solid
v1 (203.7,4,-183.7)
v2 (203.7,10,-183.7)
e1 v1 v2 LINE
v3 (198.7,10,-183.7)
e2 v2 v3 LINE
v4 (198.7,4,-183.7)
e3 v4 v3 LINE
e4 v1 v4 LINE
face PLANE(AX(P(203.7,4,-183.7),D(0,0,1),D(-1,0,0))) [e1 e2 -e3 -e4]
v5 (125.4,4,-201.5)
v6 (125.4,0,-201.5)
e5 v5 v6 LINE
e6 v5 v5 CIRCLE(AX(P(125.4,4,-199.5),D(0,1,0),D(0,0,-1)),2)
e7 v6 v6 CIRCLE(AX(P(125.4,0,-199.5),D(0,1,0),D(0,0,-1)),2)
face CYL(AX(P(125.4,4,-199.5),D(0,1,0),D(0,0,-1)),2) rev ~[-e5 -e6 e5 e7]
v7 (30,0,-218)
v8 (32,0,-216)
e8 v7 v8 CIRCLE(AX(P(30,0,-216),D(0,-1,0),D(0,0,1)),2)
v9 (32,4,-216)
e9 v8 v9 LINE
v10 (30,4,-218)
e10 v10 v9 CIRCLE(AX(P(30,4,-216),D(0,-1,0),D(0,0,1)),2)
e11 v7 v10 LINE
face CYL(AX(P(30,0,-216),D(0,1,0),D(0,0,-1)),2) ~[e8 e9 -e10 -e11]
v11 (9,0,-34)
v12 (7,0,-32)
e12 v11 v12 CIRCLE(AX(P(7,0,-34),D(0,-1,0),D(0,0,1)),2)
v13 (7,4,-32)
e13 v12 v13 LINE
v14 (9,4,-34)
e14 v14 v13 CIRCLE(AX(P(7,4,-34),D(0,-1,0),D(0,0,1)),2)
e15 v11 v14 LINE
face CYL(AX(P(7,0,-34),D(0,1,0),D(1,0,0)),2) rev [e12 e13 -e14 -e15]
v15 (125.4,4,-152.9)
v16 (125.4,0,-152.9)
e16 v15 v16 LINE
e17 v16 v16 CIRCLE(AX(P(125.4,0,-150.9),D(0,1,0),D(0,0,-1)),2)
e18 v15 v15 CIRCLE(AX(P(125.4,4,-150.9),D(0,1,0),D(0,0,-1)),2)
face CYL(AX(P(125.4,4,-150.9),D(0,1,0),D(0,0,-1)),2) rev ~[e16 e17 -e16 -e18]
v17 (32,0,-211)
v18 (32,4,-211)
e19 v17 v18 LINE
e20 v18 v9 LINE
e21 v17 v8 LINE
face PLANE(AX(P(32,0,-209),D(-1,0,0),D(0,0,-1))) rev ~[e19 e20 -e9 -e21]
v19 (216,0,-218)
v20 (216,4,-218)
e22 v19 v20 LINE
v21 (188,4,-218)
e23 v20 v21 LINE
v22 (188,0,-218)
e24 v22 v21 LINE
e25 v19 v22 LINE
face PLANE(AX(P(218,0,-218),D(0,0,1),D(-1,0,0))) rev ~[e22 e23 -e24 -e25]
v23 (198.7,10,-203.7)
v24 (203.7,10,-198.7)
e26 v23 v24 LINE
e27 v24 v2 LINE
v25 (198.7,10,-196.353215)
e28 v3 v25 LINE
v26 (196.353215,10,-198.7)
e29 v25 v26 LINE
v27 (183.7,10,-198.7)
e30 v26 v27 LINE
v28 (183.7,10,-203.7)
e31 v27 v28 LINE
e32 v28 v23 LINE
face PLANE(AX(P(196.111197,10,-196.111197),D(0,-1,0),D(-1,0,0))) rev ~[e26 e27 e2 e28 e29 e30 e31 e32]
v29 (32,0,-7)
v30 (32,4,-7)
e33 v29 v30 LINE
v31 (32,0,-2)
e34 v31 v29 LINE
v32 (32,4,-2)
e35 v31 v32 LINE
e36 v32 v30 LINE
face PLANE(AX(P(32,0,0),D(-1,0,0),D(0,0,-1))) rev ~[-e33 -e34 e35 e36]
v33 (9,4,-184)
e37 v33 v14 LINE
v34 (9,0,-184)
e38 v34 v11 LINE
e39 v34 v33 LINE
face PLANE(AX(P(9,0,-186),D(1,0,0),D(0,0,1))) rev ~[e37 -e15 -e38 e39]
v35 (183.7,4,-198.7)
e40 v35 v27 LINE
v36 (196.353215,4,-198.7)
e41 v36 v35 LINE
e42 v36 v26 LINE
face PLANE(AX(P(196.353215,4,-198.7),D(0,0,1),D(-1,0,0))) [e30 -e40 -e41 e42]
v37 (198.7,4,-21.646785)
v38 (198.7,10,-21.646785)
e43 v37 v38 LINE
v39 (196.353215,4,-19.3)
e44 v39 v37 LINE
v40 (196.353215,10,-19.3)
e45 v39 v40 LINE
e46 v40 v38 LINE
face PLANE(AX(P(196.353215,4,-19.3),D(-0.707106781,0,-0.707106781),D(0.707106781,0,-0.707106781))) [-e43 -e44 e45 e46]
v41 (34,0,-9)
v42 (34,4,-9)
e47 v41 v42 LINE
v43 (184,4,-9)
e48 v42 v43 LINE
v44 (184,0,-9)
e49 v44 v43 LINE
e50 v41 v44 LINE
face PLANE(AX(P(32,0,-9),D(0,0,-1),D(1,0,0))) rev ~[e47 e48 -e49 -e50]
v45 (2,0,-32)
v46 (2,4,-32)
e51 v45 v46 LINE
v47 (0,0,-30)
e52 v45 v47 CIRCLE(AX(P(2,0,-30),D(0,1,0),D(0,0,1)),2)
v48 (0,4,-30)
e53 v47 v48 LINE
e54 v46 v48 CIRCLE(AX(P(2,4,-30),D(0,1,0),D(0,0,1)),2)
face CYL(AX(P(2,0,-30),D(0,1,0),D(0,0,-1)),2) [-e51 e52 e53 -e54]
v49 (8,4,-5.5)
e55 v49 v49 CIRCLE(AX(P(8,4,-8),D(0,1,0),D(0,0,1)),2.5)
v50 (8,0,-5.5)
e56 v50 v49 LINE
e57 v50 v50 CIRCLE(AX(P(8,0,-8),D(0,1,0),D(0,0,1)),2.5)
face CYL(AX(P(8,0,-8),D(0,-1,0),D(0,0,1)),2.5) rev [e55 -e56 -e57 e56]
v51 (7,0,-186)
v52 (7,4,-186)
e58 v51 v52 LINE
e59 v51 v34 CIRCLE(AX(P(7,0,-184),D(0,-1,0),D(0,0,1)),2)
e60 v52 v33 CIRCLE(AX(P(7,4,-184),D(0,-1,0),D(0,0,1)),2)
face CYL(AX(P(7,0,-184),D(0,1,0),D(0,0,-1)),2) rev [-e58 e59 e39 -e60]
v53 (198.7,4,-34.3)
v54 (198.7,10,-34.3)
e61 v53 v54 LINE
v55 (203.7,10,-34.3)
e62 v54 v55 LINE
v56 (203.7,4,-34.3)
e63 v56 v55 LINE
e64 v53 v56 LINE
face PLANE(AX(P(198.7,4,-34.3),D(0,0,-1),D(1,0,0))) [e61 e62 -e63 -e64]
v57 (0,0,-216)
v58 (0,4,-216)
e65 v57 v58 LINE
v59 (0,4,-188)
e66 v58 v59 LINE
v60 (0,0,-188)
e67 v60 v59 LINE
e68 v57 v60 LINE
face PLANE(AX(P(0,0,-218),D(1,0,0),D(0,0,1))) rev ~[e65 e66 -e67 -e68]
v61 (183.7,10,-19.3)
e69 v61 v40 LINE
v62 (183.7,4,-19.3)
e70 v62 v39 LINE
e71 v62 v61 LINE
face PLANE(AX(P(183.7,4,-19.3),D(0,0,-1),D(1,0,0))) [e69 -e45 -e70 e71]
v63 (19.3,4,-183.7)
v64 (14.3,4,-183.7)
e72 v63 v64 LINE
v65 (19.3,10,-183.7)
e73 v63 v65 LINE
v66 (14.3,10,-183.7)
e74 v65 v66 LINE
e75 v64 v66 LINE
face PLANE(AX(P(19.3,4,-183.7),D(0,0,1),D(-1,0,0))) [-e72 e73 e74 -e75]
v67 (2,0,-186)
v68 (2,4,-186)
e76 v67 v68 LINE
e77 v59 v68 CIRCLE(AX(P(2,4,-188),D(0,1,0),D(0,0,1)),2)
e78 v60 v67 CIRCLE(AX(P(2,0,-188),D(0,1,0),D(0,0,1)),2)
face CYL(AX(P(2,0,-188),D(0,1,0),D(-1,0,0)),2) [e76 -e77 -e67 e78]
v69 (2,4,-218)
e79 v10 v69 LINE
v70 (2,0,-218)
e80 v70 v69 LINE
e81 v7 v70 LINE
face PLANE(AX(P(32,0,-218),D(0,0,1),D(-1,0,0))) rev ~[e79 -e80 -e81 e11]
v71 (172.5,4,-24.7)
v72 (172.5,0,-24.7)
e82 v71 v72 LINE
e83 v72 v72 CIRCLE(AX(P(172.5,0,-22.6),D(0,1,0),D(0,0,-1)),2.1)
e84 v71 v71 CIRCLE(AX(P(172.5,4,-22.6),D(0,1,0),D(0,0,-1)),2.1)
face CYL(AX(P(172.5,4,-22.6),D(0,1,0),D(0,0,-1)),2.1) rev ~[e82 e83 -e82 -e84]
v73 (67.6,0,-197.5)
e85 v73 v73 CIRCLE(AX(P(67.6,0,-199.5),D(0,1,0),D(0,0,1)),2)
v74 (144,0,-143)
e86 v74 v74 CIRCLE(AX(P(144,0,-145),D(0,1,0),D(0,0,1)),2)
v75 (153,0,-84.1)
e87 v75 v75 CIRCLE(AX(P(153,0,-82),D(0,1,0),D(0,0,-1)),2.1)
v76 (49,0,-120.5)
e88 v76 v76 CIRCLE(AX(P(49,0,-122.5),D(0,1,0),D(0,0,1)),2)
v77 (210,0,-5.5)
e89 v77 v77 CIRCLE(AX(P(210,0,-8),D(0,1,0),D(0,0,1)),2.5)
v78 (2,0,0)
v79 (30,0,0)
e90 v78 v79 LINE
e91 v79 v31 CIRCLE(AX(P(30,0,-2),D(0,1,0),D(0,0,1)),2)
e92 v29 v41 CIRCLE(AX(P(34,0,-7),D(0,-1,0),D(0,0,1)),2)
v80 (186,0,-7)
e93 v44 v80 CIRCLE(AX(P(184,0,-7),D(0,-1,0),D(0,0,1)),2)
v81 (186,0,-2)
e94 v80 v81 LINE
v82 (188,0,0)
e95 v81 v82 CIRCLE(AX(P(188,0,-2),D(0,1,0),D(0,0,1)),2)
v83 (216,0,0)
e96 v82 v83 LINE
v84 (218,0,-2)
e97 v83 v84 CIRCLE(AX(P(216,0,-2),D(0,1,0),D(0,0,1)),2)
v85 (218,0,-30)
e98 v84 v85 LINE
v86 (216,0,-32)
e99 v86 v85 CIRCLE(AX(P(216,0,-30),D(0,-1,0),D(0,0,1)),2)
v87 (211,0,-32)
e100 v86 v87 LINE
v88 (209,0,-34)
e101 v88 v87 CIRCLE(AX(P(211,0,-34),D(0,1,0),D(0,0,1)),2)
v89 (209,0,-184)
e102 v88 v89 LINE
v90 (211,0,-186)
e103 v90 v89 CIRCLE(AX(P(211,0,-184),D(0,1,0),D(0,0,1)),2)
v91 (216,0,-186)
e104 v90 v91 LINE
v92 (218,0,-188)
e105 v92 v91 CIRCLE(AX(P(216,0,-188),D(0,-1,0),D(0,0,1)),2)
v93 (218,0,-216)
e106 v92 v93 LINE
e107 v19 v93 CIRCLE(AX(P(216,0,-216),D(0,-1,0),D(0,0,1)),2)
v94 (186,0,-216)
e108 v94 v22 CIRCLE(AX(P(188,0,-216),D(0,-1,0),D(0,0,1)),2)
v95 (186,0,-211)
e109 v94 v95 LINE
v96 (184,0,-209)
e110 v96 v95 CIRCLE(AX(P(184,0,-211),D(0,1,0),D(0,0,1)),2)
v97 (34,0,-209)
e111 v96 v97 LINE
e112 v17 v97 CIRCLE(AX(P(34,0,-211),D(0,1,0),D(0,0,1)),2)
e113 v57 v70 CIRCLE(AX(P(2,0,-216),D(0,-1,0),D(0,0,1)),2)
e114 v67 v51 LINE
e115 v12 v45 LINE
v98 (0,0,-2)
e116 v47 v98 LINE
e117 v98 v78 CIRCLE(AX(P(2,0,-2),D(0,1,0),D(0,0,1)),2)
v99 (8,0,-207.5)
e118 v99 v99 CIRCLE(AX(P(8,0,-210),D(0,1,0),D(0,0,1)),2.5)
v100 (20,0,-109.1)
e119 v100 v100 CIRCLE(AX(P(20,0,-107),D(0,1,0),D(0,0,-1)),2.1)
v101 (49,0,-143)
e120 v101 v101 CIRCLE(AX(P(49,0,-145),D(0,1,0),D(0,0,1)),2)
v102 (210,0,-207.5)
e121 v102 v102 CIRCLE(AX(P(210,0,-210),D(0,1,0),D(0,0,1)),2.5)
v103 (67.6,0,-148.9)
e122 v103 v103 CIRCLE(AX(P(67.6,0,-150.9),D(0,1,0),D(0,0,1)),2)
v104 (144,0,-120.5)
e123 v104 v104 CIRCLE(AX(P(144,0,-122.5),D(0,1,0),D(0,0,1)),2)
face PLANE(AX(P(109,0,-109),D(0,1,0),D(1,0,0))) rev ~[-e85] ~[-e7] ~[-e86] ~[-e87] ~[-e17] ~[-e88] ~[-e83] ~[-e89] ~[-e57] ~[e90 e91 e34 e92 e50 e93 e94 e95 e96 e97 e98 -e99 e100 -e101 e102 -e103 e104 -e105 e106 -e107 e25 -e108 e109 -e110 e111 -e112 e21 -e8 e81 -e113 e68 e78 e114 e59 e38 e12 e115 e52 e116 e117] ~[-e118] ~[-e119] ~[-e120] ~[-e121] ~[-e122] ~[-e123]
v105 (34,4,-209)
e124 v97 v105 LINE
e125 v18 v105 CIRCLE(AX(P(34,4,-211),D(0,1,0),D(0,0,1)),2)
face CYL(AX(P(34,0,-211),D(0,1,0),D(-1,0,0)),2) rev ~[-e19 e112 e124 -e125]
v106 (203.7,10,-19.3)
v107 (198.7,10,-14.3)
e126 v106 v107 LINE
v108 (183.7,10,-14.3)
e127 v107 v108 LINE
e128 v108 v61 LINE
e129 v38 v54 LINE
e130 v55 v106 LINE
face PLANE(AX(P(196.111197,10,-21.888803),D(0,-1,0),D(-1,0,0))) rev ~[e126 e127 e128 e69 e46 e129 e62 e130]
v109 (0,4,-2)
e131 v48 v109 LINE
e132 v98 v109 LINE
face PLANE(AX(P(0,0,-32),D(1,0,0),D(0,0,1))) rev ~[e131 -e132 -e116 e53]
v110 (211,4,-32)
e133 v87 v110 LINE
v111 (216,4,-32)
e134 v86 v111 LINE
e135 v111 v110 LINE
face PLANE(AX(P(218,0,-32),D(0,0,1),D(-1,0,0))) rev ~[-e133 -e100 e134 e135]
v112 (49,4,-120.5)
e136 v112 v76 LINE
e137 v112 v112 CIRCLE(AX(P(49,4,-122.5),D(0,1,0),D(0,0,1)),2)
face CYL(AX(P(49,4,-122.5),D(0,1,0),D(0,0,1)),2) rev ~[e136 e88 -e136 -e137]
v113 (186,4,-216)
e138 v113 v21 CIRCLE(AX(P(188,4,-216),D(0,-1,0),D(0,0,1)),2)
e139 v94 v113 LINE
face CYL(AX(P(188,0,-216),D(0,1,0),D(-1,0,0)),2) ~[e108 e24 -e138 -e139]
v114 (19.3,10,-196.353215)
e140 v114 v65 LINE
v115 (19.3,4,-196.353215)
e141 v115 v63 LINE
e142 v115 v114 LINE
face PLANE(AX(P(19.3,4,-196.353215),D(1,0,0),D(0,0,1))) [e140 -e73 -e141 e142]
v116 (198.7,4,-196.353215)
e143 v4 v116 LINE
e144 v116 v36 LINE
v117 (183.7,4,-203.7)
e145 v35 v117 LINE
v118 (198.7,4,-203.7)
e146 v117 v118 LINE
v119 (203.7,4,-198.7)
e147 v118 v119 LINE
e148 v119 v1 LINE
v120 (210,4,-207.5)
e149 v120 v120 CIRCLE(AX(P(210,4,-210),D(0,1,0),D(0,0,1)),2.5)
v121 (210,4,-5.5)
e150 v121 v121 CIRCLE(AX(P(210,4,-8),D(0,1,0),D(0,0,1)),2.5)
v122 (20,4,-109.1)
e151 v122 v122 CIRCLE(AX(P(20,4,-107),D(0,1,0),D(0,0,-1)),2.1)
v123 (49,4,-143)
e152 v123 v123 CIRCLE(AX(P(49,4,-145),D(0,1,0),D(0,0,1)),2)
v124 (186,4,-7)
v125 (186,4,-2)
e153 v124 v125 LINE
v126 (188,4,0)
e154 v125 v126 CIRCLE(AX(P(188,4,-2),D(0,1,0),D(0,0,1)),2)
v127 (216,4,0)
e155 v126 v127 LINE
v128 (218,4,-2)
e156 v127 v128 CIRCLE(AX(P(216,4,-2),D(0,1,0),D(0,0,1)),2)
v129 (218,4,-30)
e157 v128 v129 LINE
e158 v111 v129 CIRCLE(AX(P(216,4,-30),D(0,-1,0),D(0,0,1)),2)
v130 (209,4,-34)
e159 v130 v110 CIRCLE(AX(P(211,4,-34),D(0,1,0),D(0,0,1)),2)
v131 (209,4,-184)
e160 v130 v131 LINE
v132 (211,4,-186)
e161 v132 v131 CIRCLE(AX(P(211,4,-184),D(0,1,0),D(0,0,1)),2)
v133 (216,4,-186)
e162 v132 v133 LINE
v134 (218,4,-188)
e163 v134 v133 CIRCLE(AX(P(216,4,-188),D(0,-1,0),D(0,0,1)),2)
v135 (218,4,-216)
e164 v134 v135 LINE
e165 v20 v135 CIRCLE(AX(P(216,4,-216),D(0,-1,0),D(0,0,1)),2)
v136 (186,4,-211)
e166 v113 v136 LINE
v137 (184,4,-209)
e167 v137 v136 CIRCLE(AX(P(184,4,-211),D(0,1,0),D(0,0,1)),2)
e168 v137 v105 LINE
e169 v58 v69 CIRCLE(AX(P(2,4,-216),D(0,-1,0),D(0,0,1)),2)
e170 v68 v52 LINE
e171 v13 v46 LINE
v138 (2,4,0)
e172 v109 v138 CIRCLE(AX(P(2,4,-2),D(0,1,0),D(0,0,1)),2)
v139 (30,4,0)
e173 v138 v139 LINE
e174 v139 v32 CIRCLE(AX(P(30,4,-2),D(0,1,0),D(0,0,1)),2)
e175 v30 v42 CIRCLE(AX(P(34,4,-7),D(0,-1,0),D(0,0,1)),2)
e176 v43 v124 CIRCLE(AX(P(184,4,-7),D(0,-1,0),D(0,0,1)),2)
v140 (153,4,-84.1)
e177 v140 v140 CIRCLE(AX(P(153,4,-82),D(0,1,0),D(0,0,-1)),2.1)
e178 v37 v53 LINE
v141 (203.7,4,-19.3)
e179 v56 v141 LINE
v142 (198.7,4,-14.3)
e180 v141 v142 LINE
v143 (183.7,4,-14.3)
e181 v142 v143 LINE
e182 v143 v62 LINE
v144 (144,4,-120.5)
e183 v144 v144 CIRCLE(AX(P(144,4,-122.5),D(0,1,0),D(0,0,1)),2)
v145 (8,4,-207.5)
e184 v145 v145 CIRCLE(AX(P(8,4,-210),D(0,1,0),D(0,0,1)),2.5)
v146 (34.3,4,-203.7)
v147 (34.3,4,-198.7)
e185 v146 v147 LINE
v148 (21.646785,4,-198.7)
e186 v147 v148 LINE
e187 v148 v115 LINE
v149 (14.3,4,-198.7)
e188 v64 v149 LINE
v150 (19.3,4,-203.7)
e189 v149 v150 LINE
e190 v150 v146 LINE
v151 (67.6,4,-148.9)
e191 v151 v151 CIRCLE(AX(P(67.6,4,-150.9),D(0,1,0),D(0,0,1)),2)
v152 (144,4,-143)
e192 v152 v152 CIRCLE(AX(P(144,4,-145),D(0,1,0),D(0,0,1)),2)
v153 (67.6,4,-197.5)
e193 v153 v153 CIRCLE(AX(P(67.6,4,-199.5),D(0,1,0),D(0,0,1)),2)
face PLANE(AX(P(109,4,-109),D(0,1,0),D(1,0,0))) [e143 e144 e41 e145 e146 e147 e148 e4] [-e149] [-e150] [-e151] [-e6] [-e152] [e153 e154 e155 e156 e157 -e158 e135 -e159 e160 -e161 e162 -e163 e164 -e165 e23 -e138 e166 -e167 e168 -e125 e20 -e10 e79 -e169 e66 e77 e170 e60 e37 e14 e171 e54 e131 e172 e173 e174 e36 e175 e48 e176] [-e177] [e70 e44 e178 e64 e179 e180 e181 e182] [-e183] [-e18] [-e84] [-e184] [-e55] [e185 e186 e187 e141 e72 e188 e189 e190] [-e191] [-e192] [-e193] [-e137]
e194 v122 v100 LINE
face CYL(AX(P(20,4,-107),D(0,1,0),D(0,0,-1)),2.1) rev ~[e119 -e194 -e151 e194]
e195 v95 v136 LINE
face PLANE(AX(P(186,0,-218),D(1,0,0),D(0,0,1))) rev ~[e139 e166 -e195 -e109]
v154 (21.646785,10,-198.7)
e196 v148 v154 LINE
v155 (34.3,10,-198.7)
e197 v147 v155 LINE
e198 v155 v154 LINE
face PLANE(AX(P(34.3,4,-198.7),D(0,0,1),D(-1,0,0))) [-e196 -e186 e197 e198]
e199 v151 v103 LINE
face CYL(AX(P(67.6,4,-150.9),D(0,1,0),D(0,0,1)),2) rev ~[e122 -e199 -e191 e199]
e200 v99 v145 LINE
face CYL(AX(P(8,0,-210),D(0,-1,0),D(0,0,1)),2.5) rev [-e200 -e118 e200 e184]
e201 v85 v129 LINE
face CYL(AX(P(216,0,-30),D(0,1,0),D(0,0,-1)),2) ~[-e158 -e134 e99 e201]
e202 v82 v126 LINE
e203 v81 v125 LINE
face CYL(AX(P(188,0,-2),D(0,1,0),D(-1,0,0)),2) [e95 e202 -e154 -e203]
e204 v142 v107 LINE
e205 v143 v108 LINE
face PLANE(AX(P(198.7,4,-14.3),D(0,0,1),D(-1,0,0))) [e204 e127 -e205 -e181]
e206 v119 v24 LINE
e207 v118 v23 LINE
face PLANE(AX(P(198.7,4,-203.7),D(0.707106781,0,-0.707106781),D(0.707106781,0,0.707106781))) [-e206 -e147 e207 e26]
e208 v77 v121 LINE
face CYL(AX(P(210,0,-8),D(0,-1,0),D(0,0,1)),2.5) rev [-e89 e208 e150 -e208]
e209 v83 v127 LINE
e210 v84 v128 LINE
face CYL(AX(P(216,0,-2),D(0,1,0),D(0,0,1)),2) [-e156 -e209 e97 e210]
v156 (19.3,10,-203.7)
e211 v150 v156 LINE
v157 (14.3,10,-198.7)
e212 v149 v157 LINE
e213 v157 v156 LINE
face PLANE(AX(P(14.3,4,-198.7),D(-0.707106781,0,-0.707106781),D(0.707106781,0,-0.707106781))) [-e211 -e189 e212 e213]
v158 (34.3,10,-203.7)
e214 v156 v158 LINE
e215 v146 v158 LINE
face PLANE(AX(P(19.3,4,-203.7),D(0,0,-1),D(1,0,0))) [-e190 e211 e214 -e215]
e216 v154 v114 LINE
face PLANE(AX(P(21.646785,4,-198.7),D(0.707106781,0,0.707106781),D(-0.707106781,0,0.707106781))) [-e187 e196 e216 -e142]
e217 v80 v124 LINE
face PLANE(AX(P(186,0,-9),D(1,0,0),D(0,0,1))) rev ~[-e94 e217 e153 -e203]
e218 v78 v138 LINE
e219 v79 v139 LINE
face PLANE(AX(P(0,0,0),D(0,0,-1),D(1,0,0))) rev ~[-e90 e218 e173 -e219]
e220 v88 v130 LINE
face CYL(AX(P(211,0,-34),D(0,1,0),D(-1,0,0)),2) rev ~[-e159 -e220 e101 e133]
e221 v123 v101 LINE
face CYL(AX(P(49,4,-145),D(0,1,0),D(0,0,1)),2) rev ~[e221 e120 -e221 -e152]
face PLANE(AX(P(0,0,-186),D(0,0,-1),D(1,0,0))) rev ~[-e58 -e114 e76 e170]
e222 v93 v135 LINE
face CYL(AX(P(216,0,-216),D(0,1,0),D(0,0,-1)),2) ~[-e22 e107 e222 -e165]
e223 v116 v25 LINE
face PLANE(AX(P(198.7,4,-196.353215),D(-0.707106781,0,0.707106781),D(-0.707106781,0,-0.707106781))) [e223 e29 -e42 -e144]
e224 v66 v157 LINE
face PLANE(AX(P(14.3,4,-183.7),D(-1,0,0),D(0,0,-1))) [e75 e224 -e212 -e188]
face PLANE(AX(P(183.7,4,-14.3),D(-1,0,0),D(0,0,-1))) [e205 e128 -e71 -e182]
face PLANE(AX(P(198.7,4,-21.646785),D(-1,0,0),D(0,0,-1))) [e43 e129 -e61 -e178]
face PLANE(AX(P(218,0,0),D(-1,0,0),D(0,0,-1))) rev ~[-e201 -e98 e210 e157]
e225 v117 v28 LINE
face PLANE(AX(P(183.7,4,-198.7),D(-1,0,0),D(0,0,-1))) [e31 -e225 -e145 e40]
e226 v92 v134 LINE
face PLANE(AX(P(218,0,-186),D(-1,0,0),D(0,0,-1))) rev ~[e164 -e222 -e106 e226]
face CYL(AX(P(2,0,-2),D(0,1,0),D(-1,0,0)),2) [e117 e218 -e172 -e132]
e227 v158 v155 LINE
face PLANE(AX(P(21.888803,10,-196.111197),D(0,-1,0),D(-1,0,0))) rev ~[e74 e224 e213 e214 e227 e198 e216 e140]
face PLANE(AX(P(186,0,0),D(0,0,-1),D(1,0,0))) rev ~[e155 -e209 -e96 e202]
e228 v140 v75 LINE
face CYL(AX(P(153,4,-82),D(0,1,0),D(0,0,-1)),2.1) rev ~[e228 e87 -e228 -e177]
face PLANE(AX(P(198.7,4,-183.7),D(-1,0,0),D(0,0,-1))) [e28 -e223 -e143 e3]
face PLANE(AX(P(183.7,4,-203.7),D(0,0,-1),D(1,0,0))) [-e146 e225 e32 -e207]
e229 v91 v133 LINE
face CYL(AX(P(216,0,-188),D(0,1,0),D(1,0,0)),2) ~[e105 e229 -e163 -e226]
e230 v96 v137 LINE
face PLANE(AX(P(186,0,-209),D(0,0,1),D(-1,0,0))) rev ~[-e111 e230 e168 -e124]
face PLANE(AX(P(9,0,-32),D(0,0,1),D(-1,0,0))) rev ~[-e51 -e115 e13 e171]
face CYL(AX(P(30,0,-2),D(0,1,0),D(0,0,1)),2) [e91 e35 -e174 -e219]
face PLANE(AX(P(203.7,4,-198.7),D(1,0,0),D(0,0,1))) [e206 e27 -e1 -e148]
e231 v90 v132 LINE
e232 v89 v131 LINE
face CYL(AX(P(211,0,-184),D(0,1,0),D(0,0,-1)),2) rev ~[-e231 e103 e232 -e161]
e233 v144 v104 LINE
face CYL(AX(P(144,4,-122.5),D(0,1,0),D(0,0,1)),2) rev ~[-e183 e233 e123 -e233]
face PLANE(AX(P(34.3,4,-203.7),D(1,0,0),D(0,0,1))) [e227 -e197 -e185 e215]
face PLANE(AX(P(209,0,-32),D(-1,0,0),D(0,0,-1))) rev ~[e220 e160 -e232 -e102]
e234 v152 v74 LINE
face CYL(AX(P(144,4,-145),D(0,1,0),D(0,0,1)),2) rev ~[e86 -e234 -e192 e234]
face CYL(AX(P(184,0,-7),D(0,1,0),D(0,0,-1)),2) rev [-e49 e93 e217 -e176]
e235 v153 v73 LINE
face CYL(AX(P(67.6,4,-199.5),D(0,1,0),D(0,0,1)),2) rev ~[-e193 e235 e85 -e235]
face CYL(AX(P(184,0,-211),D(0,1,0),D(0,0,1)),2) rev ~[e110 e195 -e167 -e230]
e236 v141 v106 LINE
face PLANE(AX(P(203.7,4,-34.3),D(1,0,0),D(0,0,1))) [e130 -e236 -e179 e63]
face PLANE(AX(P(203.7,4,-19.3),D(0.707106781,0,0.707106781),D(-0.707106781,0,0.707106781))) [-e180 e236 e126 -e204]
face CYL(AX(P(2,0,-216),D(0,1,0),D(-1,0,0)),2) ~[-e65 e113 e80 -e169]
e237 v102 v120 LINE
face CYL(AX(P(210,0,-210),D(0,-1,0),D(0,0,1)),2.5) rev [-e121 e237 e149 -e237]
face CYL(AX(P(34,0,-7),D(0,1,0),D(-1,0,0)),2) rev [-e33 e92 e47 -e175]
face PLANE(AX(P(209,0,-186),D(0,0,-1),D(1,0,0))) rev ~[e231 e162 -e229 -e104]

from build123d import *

# Parameters (mm, degrees)
ESQUISSE1_R             = 2.5
BOSS_EXTRU_1_DEPTH      = 4
ESQUISSE2_R             = 2.1
ESQUISSE2_R_2           = 2
ENL_V_MAT_EXTRU_1_DEPTH = 4
BOSS_EXTRU_2_DEPTH      = 6
CONG_1_R                = 2


with BuildPart() as part:
    # Esquisse1 → Boss.-Extru.1 (new body)
    with BuildSketch(Plane(origin=(0, 0, 0), x_dir=(1, 0, 0), z_dir=(0, 1, 0))):
        Polygon((0, 218), (0, 186), (9, 186), (9, 32), (0, 32), (0, 0), (32, 0), (32, 9), (186, 9), (186, 0), (218, 0), (218, 32), (209, 32), (209, 186), (218, 186), (218, 218), (186, 218), (186, 209), (32, 209), (32, 218), align=None)
        with Locations(Location((8, 210, 0), (0, 0, 270))):
            Circle(ESQUISSE1_R, mode=Mode.SUBTRACT)
        with Locations(Location((210, 210, 0), (0, 0, 270))):
            Circle(ESQUISSE1_R, mode=Mode.SUBTRACT)
        with Locations(Location((210, 8, 0), (0, 0, 270))):
            Circle(ESQUISSE1_R, mode=Mode.SUBTRACT)
        with Locations(Location((8, 8, 0), (0, 0, 270))):
            Circle(ESQUISSE1_R, mode=Mode.SUBTRACT)
    extrude(amount=BOSS_EXTRU_1_DEPTH)

    # Esquisse2 → Enlèv. mat.-Extru.1 (cut)
    with BuildSketch(Plane(origin=(0, 4, 0), x_dir=(1, 0, 0), z_dir=(0, 1, 0))):
        with Locations(Location((172.5, 22.6, 0), (0, 0, 90))):
            Circle(ESQUISSE2_R)
        with Locations(Location((153, 82, 0), (0, 0, 90))):
            Circle(ESQUISSE2_R)
        with Locations(Location((20, 107, 0), (0, 0, 90))):
            Circle(ESQUISSE2_R)
        with Locations(Location((49, 122.5, 0), (0, 0, 270))):
            Circle(ESQUISSE2_R_2)
        with Locations(Location((144, 122.5, 0), (0, 0, 270))):
            Circle(ESQUISSE2_R_2)
        with Locations(Location((144, 145, 0), (0, 0, 270))):
            Circle(ESQUISSE2_R_2)
        with Locations(Location((49, 145, 0), (0, 0, 270))):
            Circle(ESQUISSE2_R_2)
        with Locations(Location((67.6, 199.5, 0), (0, 0, 270))):
            Circle(ESQUISSE2_R_2)
        with Locations(Location((67.6, 150.9, 0), (0, 0, 270))):
            Circle(ESQUISSE2_R_2)
        with Locations(Location((125.4, 150.9, 0), (0, 0, 90))):
            Circle(ESQUISSE2_R_2)
        with Locations(Location((125.4, 199.5, 0), (0, 0, 90))):
            Circle(ESQUISSE2_R_2)
    extrude(amount=-ENL_V_MAT_EXTRU_1_DEPTH, mode=Mode.SUBTRACT)

    # Esquisse4 → Boss.-Extru.2 (add)
    with BuildSketch(Plane(origin=(0, 4, 0), x_dir=(1, 0, 0), z_dir=(0, 1, 0))):
        Polygon((198.7, 14.3), (183.7, 14.3), (183.7, 19.3), (196.353215425, 19.3), (198.7, 21.646784575), (198.7, 34.3), (203.7, 34.3), (203.7, 19.3), align=None)
        Polygon((19.3, 203.7), (34.3, 203.7), (34.3, 198.7), (21.646784575, 198.7), (19.3, 196.353215425), (19.3, 183.7), (14.3, 183.7), (14.3, 198.7), align=None)
        Polygon((203.7, 198.7), (203.7, 183.7), (198.7, 183.7), (198.7, 196.353215425), (196.353215425, 198.7), (183.7, 198.7), (183.7, 203.7), (198.7, 203.7), align=None)
    extrude(amount=BOSS_EXTRU_2_DEPTH)

    # Congé1
    cong_1_edges = [part.edges().sort_by_distance(p)[0] for p in [
        (0, 2, 0),
        (0, 2, -32),
        (9, 2, -32),
        (9, 2, -186),
        (0, 2, -186),
        (0, 2, -218),
        (32, 2, -218),
        (32, 2, -209),
        (186, 2, -209),
        (186, 2, -218),
        (218, 2, -218),
        (218, 2, -186),
        (209, 2, -186),
        (209, 2, -32),
        (218, 2, -32),
        (218, 2, 0),
        (186, 2, 0),
        (186, 2, -9),
        (32, 2, -9),
        (32, 2, 0),
    ]]
    fillet(cong_1_edges, radius=CONG_1_R)


solid = part.part
